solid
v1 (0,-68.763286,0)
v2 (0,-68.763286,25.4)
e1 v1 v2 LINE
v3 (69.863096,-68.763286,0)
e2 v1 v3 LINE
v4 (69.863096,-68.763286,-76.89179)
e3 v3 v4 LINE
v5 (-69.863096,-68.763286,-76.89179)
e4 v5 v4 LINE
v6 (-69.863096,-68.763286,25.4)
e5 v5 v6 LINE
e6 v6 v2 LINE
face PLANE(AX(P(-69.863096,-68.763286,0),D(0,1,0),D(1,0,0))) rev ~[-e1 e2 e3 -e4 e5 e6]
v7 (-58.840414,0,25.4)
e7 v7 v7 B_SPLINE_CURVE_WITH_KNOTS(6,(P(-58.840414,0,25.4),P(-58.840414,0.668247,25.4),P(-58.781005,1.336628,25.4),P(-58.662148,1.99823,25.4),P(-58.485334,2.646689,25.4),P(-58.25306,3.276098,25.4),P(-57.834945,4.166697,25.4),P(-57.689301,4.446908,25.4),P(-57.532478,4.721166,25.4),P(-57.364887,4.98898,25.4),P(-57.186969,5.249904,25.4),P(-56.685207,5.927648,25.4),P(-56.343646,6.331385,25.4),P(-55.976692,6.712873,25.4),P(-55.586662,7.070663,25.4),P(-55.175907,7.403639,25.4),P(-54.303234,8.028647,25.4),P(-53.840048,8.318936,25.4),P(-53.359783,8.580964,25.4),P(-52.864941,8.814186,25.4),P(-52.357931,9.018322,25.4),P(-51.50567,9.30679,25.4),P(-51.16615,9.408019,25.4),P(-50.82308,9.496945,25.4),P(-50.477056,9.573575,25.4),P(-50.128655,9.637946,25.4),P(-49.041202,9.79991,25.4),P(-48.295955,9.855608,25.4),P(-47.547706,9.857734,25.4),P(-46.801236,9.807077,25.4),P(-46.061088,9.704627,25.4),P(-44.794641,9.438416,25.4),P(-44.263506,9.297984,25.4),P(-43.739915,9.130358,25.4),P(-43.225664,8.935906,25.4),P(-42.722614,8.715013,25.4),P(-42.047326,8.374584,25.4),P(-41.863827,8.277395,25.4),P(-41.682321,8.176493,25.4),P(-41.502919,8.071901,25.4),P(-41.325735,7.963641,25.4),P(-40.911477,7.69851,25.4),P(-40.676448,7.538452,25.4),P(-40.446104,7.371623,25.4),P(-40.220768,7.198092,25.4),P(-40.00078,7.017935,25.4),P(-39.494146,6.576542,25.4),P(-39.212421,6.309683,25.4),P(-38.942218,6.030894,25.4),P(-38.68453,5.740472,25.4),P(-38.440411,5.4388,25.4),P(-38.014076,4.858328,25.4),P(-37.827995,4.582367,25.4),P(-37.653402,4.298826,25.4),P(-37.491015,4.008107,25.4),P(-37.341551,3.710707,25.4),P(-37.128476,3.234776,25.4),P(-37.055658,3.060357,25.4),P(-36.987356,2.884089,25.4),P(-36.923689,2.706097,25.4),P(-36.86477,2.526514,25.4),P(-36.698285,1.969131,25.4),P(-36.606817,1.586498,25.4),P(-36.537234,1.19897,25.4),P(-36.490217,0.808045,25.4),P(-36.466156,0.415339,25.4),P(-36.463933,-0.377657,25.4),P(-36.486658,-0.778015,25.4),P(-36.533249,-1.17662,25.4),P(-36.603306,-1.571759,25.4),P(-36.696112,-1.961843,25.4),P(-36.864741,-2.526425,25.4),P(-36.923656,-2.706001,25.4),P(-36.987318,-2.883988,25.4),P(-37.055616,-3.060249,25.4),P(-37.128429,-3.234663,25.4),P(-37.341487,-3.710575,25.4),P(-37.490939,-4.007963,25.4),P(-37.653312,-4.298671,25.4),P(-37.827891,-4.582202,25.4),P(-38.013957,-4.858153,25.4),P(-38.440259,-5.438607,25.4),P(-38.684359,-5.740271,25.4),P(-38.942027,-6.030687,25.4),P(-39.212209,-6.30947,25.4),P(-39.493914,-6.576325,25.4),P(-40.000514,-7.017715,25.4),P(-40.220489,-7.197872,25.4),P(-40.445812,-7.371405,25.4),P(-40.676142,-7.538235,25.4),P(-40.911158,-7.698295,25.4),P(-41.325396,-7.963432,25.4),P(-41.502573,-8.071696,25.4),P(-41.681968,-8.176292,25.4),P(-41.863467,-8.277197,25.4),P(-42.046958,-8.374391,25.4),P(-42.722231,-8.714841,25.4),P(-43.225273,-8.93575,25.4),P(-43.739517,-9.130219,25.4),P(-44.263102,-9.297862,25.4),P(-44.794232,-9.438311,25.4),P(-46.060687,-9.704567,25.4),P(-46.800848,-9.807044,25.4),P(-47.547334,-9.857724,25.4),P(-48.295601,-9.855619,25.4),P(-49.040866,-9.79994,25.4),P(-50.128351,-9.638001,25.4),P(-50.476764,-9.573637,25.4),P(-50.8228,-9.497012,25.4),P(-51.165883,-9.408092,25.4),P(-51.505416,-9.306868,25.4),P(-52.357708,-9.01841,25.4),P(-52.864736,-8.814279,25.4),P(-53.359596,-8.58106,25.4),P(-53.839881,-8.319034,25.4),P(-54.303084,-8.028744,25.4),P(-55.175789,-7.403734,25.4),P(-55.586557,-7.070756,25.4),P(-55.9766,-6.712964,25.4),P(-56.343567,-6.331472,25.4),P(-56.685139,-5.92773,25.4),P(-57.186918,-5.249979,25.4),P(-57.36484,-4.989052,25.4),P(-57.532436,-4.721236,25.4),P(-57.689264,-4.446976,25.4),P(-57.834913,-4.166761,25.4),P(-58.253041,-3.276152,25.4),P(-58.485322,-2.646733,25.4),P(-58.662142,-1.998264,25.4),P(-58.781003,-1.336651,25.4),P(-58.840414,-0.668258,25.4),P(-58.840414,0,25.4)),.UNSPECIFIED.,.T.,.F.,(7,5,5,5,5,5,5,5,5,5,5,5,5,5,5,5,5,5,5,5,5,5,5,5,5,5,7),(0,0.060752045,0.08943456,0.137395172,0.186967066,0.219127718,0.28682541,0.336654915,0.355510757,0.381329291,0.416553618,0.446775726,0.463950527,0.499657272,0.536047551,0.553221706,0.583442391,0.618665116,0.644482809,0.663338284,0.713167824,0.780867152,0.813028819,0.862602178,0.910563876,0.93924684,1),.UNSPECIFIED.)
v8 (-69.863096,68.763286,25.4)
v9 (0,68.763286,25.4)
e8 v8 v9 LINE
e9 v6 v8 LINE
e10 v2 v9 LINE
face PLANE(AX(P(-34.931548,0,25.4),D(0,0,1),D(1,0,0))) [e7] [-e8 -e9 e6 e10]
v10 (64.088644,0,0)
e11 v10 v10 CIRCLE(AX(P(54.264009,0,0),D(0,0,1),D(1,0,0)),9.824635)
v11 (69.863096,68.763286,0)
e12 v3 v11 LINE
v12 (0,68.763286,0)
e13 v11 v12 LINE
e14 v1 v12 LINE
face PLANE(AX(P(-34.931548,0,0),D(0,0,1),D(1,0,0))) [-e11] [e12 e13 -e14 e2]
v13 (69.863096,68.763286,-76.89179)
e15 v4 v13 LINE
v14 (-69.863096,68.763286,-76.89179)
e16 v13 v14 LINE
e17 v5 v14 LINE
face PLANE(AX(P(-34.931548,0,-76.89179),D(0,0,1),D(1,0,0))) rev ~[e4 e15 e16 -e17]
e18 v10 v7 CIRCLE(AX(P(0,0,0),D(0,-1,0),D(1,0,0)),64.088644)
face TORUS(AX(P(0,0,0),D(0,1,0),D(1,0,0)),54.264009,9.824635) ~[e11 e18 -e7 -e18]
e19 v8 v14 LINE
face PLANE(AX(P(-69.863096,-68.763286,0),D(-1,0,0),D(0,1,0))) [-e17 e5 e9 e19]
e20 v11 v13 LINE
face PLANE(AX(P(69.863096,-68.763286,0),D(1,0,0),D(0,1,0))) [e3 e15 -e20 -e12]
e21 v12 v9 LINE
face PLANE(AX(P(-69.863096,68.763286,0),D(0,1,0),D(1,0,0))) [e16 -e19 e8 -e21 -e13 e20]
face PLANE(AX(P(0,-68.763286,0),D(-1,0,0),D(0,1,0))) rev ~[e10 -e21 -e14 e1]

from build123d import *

# Parameters (mm, degrees)
F0_W      = 69.863096
F0_H      = 137.526572
F2_DEPTH  = 76.89179
F1_R      = 9.824635
F4_DEPTH  = 25.4
F4_FACE_W = 69.863096
F4_FACE_H = 137.526572
F5_DEPTH  = 25.4
F6_DEPTH  = 25.4


with BuildPart() as f2:
    # F0 (on Top) → F2 (new body)
    with BuildSketch(Plane.XY):
        with Locations((-34.931548, 0)):
            Rectangle(F0_W, F0_H)
        with Locations((34.931548, 0)):
            Rectangle(F0_W, F0_H)
    extrude(amount=-F2_DEPTH)

    # F1 (on Top) → F3 (revolve)
    with BuildSketch(Plane.XY):
        with Locations((54.264009, 0)):
            Circle(F1_R)
    revolve(axis=Axis((0, 0, 0), (0, -1, 0)))

    # F0 (on Top) → F4 (join)
    with BuildSketch(Plane.XY):
        with Locations((-34.931548, 0)):
            Rectangle(F0_W, F0_H)
    extrude(amount=F4_DEPTH)

    # F4_face (on face) → F5 (join)
    with BuildSketch(Plane(origin=(-34.455236, 0, 25.4), x_dir=(1, 0, 0), z_dir=(0, 0, 1))):
        with Locations((-0.476312, 0)):
            Rectangle(F4_FACE_W, F4_FACE_H)
        with BuildLine():
            add(Edge.make_bspline(
                [(-24.385178, 0), (-24.385178, 0.668247), (-24.32577, 1.336628), (-24.206912, 1.99823), (-24.030098, 2.646689), (-23.797825, 3.276099), (-23.37971, 4.166697), (-23.234065, 4.446908), (-23.077242, 4.721166), (-22.909651, 4.98898), (-22.731734, 5.249905), (-22.229971, 5.927648), (-21.88841, 6.331385), (-21.521456, 6.712873), (-21.131426, 7.070663), (-20.720671, 7.403639), (-19.847998, 8.028648), (-19.384812, 8.318937), (-18.904547, 8.580964), (-18.409705, 8.814186), (-17.902695, 9.018322), (-17.050434, 9.306791), (-16.710914, 9.40802), (-16.367843, 9.496945), (-16.02182, 9.573576), (-15.673419, 9.637946), (-14.585966, 9.79991), (-13.840719, 9.855608), (-13.09247, 9.857734), (-12.345999, 9.807078), (-11.605852, 9.704627), (-10.339404, 9.438416), (-9.80827, 9.297984), (-9.284679, 9.130358), (-8.770428, 8.935906), (-8.267378, 8.715014), (-7.592089, 8.374585), (-7.408591, 8.277395), (-7.227085, 8.176494), (-7.047683, 8.071901), (-6.870499, 7.963641), (-6.45624, 7.69851), (-6.221211, 7.538453), (-5.990868, 7.371624), (-5.765532, 7.198092), (-5.545543, 7.017935), (-5.03891, 6.576543), (-4.757184, 6.309683), (-4.486982, 6.030895), (-4.229294, 5.740472), (-3.985174, 5.4388), (-3.558839, 4.858328), (-3.372758, 4.582367), (-3.198165, 4.298826), (-3.035779, 4.008107), (-2.886315, 3.710707), (-2.67324, 3.234777), (-2.600421, 3.060357), (-2.532119, 2.88409), (-2.468453, 2.706097), (-2.409533, 2.526514), (-2.243048, 1.969131), (-2.15158, 1.586498), (-2.081997, 1.19897), (-2.03498, 0.808045), (-2.01092, 0.415339), (-2.008697, -0.377657), (-2.031422, -0.778015), (-2.078012, -1.17662), (-2.148069, -1.571759), (-2.240876, -1.961843), (-2.409505, -2.526425), (-2.46842, -2.706002), (-2.532082, -2.883988), (-2.600379, -3.060249), (-2.673192, -3.234663), (-2.88625, -3.710575), (-3.035702, -4.007963), (-3.198075, -4.298671), (-3.372655, -4.582202), (-3.55872, -4.858153), (-3.985022, -5.438608), (-4.229123, -5.740271), (-4.486791, -6.030687), (-4.756973, -6.30947), (-5.038678, -6.576325), (-5.545277, -7.017715), (-5.765253, -7.197872), (-5.990575, -7.371405), (-6.220906, -7.538235), (-6.455921, -7.698295), (-6.87016, -7.963432), (-7.047336, -8.071696), (-7.226731, -8.176292), (-7.40823, -8.277198), (-7.591721, -8.374391), (-8.266995, -8.714841), (-8.770037, -8.93575), (-9.284281, -9.130219), (-9.807866, -9.297862), (-10.338996, -9.438312), (-11.605451, -9.704568), (-12.345612, -9.807044), (-13.092098, -9.857724), (-13.840364, -9.85562), (-14.58563, -9.799941), (-15.673115, -9.638001), (-16.021528, -9.573637), (-16.367564, -9.497013), (-16.710646, -9.408093), (-17.050179, -9.306869), (-17.902472, -9.018411), (-18.4095, -8.814279), (-18.90436, -8.58106), (-19.384645, -8.319034), (-19.847849, -8.028745), (-20.720553, -7.403734), (-21.131321, -7.070757), (-21.521364, -6.712964), (-21.888331, -6.331472), (-22.229903, -5.927731), (-22.731682, -5.249979), (-22.909604, -4.989052), (-23.0772, -4.721236), (-23.234028, -4.446976), (-23.379677, -4.166762), (-23.797805, -3.276152), (-24.030086, -2.646733), (-24.206906, -1.998264), (-24.325768, -1.336651), (-24.385178, -0.668258), (-24.385178, 0)],
                knots=[0, 0, 0, 0, 0, 0, 0, 0.060752, 0.060752, 0.060752, 0.060752, 0.060752, 0.089435, 0.089435, 0.089435, 0.089435, 0.089435, 0.137395, 0.137395, 0.137395, 0.137395, 0.137395, 0.186967, 0.186967, 0.186967, 0.186967, 0.186967, 0.219128, 0.219128, 0.219128, 0.219128, 0.219128, 0.286825, 0.286825, 0.286825, 0.286825, 0.286825, 0.336655, 0.336655, 0.336655, 0.336655, 0.336655, 0.355511, 0.355511, 0.355511, 0.355511, 0.355511, 0.381329, 0.381329, 0.381329, 0.381329, 0.381329, 0.416554, 0.416554, 0.416554, 0.416554, 0.416554, 0.446776, 0.446776, 0.446776, 0.446776, 0.446776, 0.463951, 0.463951, 0.463951, 0.463951, 0.463951, 0.499657, 0.499657, 0.499657, 0.499657, 0.499657, 0.536048, 0.536048, 0.536048, 0.536048, 0.536048, 0.553222, 0.553222, 0.553222, 0.553222, 0.553222, 0.583442, 0.583442, 0.583442, 0.583442, 0.583442, 0.618665, 0.618665, 0.618665, 0.618665, 0.618665, 0.644483, 0.644483, 0.644483, 0.644483, 0.644483, 0.663338, 0.663338, 0.663338, 0.663338, 0.663338, 0.713168, 0.713168, 0.713168, 0.713168, 0.713168, 0.780867, 0.780867, 0.780867, 0.780867, 0.780867, 0.813029, 0.813029, 0.813029, 0.813029, 0.813029, 0.862602, 0.862602, 0.862602, 0.862602, 0.862602, 0.910564, 0.910564, 0.910564, 0.910564, 0.910564, 0.939247, 0.939247, 0.939247, 0.939247, 0.939247, 1, 1, 1, 1, 1, 1, 1], degree=6))
        make_face(mode=Mode.SUBTRACT)
    extrude(amount=-F5_DEPTH)

    # F4_face (on face) → F6 (join)
    with BuildSketch(Plane(origin=(-34.455236, 0, 25.4), x_dir=(1, 0, 0), z_dir=(0, 0, 1))):
        with Locations((-0.476312, 0)):
            Rectangle(F4_FACE_W, F4_FACE_H)
        with BuildLine():
            add(Edge.make_bspline(
                [(-24.385178, 0), (-24.385178, 0.668247), (-24.32577, 1.336628), (-24.206912, 1.99823), (-24.030098, 2.646689), (-23.797825, 3.276099), (-23.37971, 4.166697), (-23.234065, 4.446908), (-23.077242, 4.721166), (-22.909651, 4.98898), (-22.731734, 5.249905), (-22.229971, 5.927648), (-21.88841, 6.331385), (-21.521456, 6.712873), (-21.131426, 7.070663), (-20.720671, 7.403639), (-19.847998, 8.028648), (-19.384812, 8.318937), (-18.904547, 8.580964), (-18.409705, 8.814186), (-17.902695, 9.018322), (-17.050434, 9.306791), (-16.710914, 9.40802), (-16.367843, 9.496945), (-16.02182, 9.573576), (-15.673419, 9.637946), (-14.585966, 9.79991), (-13.840719, 9.855608), (-13.09247, 9.857734), (-12.345999, 9.807078), (-11.605852, 9.704627), (-10.339404, 9.438416), (-9.80827, 9.297984), (-9.284679, 9.130358), (-8.770428, 8.935906), (-8.267378, 8.715014), (-7.592089, 8.374585), (-7.408591, 8.277395), (-7.227085, 8.176494), (-7.047683, 8.071901), (-6.870499, 7.963641), (-6.45624, 7.69851), (-6.221211, 7.538453), (-5.990868, 7.371624), (-5.765532, 7.198092), (-5.545543, 7.017935), (-5.03891, 6.576543), (-4.757184, 6.309683), (-4.486982, 6.030895), (-4.229294, 5.740472), (-3.985174, 5.4388), (-3.558839, 4.858328), (-3.372758, 4.582367), (-3.198165, 4.298826), (-3.035779, 4.008107), (-2.886315, 3.710707), (-2.67324, 3.234777), (-2.600421, 3.060357), (-2.532119, 2.88409), (-2.468453, 2.706097), (-2.409533, 2.526514), (-2.243048, 1.969131), (-2.15158, 1.586498), (-2.081997, 1.19897), (-2.03498, 0.808045), (-2.01092, 0.415339), (-2.008697, -0.377657), (-2.031422, -0.778015), (-2.078012, -1.17662), (-2.148069, -1.571759), (-2.240876, -1.961843), (-2.409505, -2.526425), (-2.46842, -2.706002), (-2.532082, -2.883988), (-2.600379, -3.060249), (-2.673192, -3.234663), (-2.88625, -3.710575), (-3.035702, -4.007963), (-3.198075, -4.298671), (-3.372655, -4.582202), (-3.55872, -4.858153), (-3.985022, -5.438608), (-4.229123, -5.740271), (-4.486791, -6.030687), (-4.756973, -6.30947), (-5.038678, -6.576325), (-5.545277, -7.017715), (-5.765253, -7.197872), (-5.990575, -7.371405), (-6.220906, -7.538235), (-6.455921, -7.698295), (-6.87016, -7.963432), (-7.047336, -8.071696), (-7.226731, -8.176292), (-7.40823, -8.277198), (-7.591721, -8.374391), (-8.266995, -8.714841), (-8.770037, -8.93575), (-9.284281, -9.130219), (-9.807866, -9.297862), (-10.338996, -9.438312), (-11.605451, -9.704568), (-12.345612, -9.807044), (-13.092098, -9.857724), (-13.840364, -9.85562), (-14.58563, -9.799941), (-15.673115, -9.638001), (-16.021528, -9.573637), (-16.367564, -9.497013), (-16.710646, -9.408093), (-17.050179, -9.306869), (-17.902472, -9.018411), (-18.4095, -8.814279), (-18.90436, -8.58106), (-19.384645, -8.319034), (-19.847849, -8.028745), (-20.720553, -7.403734), (-21.131321, -7.070757), (-21.521364, -6.712964), (-21.888331, -6.331472), (-22.229903, -5.927731), (-22.731682, -5.249979), (-22.909604, -4.989052), (-23.0772, -4.721236), (-23.234028, -4.446976), (-23.379677, -4.166762), (-23.797805, -3.276152), (-24.030086, -2.646733), (-24.206906, -1.998264), (-24.325768, -1.336651), (-24.385178, -0.668258), (-24.385178, 0)],
                knots=[0, 0, 0, 0, 0, 0, 0, 0.060752, 0.060752, 0.060752, 0.060752, 0.060752, 0.089435, 0.089435, 0.089435, 0.089435, 0.089435, 0.137395, 0.137395, 0.137395, 0.137395, 0.137395, 0.186967, 0.186967, 0.186967, 0.186967, 0.186967, 0.219128, 0.219128, 0.219128, 0.219128, 0.219128, 0.286825, 0.286825, 0.286825, 0.286825, 0.286825, 0.336655, 0.336655, 0.336655, 0.336655, 0.336655, 0.355511, 0.355511, 0.355511, 0.355511, 0.355511, 0.381329, 0.381329, 0.381329, 0.381329, 0.381329, 0.416554, 0.416554, 0.416554, 0.416554, 0.416554, 0.446776, 0.446776, 0.446776, 0.446776, 0.446776, 0.463951, 0.463951, 0.463951, 0.463951, 0.463951, 0.499657, 0.499657, 0.499657, 0.499657, 0.499657, 0.536048, 0.536048, 0.536048, 0.536048, 0.536048, 0.553222, 0.553222, 0.553222, 0.553222, 0.553222, 0.583442, 0.583442, 0.583442, 0.583442, 0.583442, 0.618665, 0.618665, 0.618665, 0.618665, 0.618665, 0.644483, 0.644483, 0.644483, 0.644483, 0.644483, 0.663338, 0.663338, 0.663338, 0.663338, 0.663338, 0.713168, 0.713168, 0.713168, 0.713168, 0.713168, 0.780867, 0.780867, 0.780867, 0.780867, 0.780867, 0.813029, 0.813029, 0.813029, 0.813029, 0.813029, 0.862602, 0.862602, 0.862602, 0.862602, 0.862602, 0.910564, 0.910564, 0.910564, 0.910564, 0.910564, 0.939247, 0.939247, 0.939247, 0.939247, 0.939247, 1, 1, 1, 1, 1, 1, 1], degree=6))
        make_face(mode=Mode.SUBTRACT)
    extrude(amount=-F6_DEPTH)


solid = f2.part
